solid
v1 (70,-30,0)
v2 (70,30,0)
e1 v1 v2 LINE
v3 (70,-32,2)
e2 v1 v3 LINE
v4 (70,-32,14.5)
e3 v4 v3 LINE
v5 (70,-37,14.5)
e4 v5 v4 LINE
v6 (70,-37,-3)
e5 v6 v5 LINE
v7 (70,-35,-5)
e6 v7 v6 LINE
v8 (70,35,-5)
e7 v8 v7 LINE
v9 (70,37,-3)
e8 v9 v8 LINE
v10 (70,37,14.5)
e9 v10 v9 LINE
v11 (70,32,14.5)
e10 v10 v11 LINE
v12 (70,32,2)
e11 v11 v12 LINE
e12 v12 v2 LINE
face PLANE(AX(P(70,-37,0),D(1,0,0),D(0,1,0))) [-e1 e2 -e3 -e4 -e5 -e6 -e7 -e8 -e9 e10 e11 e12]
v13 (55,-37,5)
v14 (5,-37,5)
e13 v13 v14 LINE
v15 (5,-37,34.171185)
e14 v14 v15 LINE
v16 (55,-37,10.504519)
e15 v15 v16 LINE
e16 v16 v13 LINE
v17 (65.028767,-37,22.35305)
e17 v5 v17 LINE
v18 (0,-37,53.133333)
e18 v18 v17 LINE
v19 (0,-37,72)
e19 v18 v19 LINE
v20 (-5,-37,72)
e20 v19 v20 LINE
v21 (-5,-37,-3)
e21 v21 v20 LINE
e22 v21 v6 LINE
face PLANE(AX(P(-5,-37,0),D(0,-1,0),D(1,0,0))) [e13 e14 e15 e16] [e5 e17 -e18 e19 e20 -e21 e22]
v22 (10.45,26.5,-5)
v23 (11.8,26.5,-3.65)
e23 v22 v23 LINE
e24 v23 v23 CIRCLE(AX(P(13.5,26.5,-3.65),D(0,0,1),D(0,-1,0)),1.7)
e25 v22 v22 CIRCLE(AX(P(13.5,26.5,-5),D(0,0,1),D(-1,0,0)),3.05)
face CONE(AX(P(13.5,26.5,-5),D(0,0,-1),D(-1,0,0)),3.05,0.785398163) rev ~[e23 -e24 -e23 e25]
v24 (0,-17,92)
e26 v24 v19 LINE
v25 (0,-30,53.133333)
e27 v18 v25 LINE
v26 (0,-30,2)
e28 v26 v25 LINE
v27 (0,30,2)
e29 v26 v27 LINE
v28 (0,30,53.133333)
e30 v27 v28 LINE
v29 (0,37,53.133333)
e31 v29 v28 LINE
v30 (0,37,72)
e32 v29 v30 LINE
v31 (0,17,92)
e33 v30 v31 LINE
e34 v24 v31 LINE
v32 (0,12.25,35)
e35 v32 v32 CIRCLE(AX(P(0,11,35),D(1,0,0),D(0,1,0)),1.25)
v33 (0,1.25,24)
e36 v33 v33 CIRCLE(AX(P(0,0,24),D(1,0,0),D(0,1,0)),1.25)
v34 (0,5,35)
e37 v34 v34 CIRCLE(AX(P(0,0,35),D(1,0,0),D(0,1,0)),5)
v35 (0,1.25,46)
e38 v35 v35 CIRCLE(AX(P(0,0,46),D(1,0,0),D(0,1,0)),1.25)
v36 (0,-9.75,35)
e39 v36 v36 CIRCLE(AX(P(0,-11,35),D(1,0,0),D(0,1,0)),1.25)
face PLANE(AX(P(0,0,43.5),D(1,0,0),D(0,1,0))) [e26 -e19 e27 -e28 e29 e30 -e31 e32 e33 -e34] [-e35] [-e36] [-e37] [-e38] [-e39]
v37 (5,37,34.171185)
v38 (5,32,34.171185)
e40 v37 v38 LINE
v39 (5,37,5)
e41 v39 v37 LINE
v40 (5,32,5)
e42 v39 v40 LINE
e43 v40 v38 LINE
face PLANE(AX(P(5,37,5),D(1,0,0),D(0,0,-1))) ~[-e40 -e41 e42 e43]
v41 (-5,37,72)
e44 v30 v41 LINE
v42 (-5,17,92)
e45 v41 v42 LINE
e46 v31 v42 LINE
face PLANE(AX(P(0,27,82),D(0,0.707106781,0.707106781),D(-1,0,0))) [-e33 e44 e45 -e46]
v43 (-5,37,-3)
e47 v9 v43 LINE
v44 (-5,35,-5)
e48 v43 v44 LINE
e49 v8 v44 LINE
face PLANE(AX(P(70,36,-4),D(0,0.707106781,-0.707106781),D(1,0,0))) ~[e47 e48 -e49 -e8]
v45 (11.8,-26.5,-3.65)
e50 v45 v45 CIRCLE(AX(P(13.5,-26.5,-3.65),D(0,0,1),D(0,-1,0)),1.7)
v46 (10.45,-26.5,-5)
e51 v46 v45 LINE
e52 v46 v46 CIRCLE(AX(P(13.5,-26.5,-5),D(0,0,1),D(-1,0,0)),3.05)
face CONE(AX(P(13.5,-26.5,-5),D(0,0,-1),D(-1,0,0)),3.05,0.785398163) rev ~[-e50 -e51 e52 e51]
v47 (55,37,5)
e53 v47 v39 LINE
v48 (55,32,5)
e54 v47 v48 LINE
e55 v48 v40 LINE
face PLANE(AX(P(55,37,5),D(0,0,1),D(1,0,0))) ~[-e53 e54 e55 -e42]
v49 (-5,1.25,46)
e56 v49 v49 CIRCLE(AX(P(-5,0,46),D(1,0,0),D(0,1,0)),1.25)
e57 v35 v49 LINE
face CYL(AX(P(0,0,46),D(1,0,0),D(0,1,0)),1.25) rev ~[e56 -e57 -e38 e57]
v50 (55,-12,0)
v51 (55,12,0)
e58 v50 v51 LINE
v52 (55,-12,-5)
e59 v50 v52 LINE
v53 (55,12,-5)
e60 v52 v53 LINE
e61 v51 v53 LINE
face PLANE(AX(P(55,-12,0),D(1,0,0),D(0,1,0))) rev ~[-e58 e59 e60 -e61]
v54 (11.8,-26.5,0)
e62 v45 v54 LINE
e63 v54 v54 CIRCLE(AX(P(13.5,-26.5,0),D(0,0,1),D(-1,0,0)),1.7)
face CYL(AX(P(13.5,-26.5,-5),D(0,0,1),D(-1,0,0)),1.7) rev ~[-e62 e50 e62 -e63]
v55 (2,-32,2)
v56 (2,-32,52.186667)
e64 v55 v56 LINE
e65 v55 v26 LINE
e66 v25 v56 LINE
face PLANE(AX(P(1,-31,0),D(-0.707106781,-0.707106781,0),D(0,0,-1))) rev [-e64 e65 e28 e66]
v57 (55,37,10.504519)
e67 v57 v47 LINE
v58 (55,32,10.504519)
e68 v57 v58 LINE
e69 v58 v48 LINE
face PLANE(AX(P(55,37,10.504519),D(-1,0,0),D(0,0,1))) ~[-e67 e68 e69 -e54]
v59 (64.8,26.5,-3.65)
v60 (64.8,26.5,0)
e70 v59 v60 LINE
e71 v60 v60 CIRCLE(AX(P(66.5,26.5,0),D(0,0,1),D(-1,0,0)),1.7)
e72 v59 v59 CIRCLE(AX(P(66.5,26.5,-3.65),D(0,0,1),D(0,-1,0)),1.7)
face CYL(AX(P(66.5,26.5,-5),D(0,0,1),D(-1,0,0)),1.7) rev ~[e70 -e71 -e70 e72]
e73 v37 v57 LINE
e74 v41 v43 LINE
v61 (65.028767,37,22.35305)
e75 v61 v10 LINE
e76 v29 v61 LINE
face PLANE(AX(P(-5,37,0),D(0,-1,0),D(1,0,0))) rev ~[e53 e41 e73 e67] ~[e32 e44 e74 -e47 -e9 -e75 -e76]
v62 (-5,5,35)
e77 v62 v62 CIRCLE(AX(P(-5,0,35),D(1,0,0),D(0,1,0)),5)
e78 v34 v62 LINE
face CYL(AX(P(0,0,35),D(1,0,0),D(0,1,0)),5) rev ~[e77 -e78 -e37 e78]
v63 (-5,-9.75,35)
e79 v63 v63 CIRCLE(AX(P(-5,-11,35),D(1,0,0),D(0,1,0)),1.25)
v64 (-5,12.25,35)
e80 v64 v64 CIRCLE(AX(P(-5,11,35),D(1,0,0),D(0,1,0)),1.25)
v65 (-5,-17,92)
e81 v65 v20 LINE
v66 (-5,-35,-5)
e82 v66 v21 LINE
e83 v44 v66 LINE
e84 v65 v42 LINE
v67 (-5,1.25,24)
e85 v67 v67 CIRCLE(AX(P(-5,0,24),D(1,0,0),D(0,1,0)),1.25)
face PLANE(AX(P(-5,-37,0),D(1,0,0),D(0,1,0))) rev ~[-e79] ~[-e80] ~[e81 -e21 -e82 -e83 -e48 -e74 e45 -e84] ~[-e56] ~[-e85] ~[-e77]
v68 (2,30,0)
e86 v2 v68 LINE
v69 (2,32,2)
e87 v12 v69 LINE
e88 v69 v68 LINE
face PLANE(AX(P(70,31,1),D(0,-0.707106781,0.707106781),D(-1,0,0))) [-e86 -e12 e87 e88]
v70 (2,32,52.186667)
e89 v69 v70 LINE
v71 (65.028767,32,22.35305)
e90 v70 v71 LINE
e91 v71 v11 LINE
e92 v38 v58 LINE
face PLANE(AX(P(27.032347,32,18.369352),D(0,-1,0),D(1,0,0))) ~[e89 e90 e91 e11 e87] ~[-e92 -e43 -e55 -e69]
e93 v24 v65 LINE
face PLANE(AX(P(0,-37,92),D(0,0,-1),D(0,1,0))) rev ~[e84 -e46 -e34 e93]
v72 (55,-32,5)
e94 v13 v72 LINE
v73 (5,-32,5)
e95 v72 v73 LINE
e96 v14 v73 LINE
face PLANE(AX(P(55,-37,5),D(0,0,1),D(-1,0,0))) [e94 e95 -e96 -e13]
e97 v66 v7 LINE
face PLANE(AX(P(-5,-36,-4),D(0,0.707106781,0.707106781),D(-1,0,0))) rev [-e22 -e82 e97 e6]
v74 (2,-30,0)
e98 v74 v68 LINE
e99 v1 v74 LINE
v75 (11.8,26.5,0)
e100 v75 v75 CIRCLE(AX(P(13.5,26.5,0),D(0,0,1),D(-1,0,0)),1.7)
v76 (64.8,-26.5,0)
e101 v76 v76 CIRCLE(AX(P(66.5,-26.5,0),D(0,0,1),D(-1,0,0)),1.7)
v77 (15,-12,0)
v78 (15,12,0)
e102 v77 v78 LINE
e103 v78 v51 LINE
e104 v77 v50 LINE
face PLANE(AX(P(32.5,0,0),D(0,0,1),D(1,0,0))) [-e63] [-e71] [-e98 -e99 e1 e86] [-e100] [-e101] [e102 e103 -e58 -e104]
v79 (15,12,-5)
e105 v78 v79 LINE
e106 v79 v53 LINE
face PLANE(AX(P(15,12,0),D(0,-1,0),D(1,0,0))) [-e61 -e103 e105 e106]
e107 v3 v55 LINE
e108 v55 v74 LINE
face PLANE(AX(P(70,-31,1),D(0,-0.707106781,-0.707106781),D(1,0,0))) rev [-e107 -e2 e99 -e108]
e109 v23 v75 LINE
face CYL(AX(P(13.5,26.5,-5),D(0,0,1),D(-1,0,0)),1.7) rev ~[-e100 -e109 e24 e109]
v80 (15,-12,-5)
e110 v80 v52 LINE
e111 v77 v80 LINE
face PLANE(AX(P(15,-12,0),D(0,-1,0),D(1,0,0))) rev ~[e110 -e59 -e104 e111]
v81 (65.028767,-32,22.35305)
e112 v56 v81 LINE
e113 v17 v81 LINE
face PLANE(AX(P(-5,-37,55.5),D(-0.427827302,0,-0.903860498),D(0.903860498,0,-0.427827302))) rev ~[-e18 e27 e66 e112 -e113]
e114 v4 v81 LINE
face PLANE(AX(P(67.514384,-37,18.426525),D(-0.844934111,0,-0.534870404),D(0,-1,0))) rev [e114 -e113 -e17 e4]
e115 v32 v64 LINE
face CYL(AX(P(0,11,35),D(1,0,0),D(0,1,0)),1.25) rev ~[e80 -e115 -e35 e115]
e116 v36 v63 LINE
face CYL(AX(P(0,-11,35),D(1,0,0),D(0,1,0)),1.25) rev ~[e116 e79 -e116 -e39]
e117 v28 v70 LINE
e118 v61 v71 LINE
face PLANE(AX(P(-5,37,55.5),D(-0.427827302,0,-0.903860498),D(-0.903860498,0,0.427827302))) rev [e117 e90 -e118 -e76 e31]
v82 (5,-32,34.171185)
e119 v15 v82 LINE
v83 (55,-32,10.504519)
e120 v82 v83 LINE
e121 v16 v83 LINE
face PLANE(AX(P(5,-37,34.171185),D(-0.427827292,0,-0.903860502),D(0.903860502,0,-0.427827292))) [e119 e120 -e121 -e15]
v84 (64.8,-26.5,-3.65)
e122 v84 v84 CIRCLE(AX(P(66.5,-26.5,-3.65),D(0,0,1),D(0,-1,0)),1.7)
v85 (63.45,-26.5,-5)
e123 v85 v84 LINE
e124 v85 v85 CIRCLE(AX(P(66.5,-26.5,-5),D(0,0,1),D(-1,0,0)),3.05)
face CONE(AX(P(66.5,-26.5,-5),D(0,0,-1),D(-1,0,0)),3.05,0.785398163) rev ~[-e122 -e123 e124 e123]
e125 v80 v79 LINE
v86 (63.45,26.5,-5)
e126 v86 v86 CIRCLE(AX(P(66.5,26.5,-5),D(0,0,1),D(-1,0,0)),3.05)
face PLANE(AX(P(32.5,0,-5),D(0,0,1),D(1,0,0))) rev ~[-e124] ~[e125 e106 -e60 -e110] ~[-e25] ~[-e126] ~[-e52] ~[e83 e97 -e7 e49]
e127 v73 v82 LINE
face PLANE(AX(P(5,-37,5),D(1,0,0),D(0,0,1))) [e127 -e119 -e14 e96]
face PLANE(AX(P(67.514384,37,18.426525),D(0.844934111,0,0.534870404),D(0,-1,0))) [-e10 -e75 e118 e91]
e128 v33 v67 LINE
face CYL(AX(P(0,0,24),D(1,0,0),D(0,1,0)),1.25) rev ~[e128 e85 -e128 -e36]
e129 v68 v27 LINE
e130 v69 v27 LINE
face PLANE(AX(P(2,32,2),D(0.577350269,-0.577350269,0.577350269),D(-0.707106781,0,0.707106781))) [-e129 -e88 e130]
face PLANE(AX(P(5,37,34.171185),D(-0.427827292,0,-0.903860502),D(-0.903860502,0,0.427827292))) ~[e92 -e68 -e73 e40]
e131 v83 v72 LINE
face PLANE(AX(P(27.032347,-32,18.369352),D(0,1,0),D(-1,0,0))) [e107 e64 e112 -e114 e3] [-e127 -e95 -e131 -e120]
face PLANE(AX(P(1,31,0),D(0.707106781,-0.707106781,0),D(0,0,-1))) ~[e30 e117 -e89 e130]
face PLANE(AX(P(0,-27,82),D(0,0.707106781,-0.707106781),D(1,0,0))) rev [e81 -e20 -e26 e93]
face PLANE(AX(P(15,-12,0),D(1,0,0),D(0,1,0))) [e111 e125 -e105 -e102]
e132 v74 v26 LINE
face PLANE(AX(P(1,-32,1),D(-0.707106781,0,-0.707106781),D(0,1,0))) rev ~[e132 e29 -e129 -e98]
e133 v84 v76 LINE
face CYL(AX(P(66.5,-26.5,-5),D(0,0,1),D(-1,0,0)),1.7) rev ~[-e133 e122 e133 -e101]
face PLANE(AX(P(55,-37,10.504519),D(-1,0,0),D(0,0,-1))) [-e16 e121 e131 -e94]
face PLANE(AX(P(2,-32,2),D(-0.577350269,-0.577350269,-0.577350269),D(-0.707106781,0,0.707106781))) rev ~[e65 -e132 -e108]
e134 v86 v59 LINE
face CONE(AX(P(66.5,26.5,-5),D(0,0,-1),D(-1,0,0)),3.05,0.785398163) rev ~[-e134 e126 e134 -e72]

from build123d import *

# Parameters (mm, degrees)
SKETCH004_W      = 75
SKETCH004_H      = 74
SKETCH004_W_2    = 40
SKETCH004_H_2    = 24
PAD_DEPTH        = 5
SKETCH006_W      = 74
SKETCH006_H      = 97
PAD003_DEPTH     = 5
PAD004_DEPTH     = 5
HOLE_D           = 3.4
HOLE_CSINK_D     = 6.1
HOLE_CSINK_ANGLE = 90
SKETCH002_R      = 5
SKETCH002_R_2    = 1.25
POCKET_DEPTH     = 5.001
CHAMFER_SIZE     = 2
CHAMFER001_SIZE  = 5.5
CHAMFER002_SIZE  = 20


with BuildPart() as part:
    # Sketch004 → Pad (new body)
    with BuildSketch(Plane.XY):
        with Locations((32.5, 0)):
            Rectangle(SKETCH004_W, SKETCH004_H)
        with Locations((35, 0)):
            Rectangle(SKETCH004_W_2, SKETCH004_H_2, mode=Mode.SUBTRACT)
    extrude(amount=-PAD_DEPTH)

    # Sketch006 → Pad003 (join)
    with BuildSketch(Plane.YZ):
        with Locations((0, 43.5)):
            Rectangle(SKETCH006_W, SKETCH006_H)
    extrude(amount=-PAD003_DEPTH)

    # Sketch001 → Pad004 (join)
    with BuildSketch(Plane.XZ.offset(37)):
        Polygon((-5, 55.5), (70, 20), (70, -5), (-5, -5), align=None)
        Polygon((5, 34.171185), (55, 10.504519), (55, 5), (5, 5), align=None, mode=Mode.SUBTRACT)
    pad004 = extrude(amount=-PAD004_DEPTH)

    # Mirrored: Pad004 across XZ
    add(pad004.mirror(Plane.XZ))

    # Hole (through all)
    with Locations(Plane(origin=(0, 0, -5), x_dir=(1, 0, 0), z_dir=(0, 0, -1))):
        with Locations((66.5, -26.5), (13.5, -26.5), (13.5, 26.5), (66.5, 26.5)):
            CounterSinkHole(HOLE_D / 2, HOLE_CSINK_D / 2, counter_sink_angle=HOLE_CSINK_ANGLE)

    # Sketch002 → Pocket (cut, through all)
    with BuildSketch(Plane.YZ):
        with Locations((0, 35)):
            Circle(SKETCH002_R)
        with Locations((0, 46)):
            Circle(SKETCH002_R_2)
        with Locations((11, 35)):
            Circle(SKETCH002_R_2)
        with Locations((0, 24)):
            Circle(SKETCH002_R_2)
        with Locations((-11, 35)):
            Circle(SKETCH002_R_2)
    extrude(amount=-POCKET_DEPTH, mode=Mode.SUBTRACT)

    # Chamfer
    chamfer_edges = [part.edges().sort_by_distance(p)[0] for p in [
        (0, 0, 0),
        (35, 32, 0),
        (35, -32, 0),
        (0, -32, 26.566667),
        (0, 32, 26.566667),
        (32.5, -37, -5),
        (32.5, 37, -5),
    ]]
    chamfer(chamfer_edges, length=CHAMFER_SIZE)

    # Chamfer001
    chamfer001_edges = [part.edges().sort_by_distance(p)[0] for p in [
        (70, -34.5, 20),
        (70, 34.5, 20),
    ]]
    chamfer(chamfer001_edges, length=CHAMFER001_SIZE)

    # Chamfer002
    chamfer002_edges = [part.edges().sort_by_distance(p)[0] for p in [
        (-2.5, -37, 92),
        (-2.5, 37, 92),
    ]]
    chamfer(chamfer002_edges, length=CHAMFER002_SIZE)


solid = part.part
